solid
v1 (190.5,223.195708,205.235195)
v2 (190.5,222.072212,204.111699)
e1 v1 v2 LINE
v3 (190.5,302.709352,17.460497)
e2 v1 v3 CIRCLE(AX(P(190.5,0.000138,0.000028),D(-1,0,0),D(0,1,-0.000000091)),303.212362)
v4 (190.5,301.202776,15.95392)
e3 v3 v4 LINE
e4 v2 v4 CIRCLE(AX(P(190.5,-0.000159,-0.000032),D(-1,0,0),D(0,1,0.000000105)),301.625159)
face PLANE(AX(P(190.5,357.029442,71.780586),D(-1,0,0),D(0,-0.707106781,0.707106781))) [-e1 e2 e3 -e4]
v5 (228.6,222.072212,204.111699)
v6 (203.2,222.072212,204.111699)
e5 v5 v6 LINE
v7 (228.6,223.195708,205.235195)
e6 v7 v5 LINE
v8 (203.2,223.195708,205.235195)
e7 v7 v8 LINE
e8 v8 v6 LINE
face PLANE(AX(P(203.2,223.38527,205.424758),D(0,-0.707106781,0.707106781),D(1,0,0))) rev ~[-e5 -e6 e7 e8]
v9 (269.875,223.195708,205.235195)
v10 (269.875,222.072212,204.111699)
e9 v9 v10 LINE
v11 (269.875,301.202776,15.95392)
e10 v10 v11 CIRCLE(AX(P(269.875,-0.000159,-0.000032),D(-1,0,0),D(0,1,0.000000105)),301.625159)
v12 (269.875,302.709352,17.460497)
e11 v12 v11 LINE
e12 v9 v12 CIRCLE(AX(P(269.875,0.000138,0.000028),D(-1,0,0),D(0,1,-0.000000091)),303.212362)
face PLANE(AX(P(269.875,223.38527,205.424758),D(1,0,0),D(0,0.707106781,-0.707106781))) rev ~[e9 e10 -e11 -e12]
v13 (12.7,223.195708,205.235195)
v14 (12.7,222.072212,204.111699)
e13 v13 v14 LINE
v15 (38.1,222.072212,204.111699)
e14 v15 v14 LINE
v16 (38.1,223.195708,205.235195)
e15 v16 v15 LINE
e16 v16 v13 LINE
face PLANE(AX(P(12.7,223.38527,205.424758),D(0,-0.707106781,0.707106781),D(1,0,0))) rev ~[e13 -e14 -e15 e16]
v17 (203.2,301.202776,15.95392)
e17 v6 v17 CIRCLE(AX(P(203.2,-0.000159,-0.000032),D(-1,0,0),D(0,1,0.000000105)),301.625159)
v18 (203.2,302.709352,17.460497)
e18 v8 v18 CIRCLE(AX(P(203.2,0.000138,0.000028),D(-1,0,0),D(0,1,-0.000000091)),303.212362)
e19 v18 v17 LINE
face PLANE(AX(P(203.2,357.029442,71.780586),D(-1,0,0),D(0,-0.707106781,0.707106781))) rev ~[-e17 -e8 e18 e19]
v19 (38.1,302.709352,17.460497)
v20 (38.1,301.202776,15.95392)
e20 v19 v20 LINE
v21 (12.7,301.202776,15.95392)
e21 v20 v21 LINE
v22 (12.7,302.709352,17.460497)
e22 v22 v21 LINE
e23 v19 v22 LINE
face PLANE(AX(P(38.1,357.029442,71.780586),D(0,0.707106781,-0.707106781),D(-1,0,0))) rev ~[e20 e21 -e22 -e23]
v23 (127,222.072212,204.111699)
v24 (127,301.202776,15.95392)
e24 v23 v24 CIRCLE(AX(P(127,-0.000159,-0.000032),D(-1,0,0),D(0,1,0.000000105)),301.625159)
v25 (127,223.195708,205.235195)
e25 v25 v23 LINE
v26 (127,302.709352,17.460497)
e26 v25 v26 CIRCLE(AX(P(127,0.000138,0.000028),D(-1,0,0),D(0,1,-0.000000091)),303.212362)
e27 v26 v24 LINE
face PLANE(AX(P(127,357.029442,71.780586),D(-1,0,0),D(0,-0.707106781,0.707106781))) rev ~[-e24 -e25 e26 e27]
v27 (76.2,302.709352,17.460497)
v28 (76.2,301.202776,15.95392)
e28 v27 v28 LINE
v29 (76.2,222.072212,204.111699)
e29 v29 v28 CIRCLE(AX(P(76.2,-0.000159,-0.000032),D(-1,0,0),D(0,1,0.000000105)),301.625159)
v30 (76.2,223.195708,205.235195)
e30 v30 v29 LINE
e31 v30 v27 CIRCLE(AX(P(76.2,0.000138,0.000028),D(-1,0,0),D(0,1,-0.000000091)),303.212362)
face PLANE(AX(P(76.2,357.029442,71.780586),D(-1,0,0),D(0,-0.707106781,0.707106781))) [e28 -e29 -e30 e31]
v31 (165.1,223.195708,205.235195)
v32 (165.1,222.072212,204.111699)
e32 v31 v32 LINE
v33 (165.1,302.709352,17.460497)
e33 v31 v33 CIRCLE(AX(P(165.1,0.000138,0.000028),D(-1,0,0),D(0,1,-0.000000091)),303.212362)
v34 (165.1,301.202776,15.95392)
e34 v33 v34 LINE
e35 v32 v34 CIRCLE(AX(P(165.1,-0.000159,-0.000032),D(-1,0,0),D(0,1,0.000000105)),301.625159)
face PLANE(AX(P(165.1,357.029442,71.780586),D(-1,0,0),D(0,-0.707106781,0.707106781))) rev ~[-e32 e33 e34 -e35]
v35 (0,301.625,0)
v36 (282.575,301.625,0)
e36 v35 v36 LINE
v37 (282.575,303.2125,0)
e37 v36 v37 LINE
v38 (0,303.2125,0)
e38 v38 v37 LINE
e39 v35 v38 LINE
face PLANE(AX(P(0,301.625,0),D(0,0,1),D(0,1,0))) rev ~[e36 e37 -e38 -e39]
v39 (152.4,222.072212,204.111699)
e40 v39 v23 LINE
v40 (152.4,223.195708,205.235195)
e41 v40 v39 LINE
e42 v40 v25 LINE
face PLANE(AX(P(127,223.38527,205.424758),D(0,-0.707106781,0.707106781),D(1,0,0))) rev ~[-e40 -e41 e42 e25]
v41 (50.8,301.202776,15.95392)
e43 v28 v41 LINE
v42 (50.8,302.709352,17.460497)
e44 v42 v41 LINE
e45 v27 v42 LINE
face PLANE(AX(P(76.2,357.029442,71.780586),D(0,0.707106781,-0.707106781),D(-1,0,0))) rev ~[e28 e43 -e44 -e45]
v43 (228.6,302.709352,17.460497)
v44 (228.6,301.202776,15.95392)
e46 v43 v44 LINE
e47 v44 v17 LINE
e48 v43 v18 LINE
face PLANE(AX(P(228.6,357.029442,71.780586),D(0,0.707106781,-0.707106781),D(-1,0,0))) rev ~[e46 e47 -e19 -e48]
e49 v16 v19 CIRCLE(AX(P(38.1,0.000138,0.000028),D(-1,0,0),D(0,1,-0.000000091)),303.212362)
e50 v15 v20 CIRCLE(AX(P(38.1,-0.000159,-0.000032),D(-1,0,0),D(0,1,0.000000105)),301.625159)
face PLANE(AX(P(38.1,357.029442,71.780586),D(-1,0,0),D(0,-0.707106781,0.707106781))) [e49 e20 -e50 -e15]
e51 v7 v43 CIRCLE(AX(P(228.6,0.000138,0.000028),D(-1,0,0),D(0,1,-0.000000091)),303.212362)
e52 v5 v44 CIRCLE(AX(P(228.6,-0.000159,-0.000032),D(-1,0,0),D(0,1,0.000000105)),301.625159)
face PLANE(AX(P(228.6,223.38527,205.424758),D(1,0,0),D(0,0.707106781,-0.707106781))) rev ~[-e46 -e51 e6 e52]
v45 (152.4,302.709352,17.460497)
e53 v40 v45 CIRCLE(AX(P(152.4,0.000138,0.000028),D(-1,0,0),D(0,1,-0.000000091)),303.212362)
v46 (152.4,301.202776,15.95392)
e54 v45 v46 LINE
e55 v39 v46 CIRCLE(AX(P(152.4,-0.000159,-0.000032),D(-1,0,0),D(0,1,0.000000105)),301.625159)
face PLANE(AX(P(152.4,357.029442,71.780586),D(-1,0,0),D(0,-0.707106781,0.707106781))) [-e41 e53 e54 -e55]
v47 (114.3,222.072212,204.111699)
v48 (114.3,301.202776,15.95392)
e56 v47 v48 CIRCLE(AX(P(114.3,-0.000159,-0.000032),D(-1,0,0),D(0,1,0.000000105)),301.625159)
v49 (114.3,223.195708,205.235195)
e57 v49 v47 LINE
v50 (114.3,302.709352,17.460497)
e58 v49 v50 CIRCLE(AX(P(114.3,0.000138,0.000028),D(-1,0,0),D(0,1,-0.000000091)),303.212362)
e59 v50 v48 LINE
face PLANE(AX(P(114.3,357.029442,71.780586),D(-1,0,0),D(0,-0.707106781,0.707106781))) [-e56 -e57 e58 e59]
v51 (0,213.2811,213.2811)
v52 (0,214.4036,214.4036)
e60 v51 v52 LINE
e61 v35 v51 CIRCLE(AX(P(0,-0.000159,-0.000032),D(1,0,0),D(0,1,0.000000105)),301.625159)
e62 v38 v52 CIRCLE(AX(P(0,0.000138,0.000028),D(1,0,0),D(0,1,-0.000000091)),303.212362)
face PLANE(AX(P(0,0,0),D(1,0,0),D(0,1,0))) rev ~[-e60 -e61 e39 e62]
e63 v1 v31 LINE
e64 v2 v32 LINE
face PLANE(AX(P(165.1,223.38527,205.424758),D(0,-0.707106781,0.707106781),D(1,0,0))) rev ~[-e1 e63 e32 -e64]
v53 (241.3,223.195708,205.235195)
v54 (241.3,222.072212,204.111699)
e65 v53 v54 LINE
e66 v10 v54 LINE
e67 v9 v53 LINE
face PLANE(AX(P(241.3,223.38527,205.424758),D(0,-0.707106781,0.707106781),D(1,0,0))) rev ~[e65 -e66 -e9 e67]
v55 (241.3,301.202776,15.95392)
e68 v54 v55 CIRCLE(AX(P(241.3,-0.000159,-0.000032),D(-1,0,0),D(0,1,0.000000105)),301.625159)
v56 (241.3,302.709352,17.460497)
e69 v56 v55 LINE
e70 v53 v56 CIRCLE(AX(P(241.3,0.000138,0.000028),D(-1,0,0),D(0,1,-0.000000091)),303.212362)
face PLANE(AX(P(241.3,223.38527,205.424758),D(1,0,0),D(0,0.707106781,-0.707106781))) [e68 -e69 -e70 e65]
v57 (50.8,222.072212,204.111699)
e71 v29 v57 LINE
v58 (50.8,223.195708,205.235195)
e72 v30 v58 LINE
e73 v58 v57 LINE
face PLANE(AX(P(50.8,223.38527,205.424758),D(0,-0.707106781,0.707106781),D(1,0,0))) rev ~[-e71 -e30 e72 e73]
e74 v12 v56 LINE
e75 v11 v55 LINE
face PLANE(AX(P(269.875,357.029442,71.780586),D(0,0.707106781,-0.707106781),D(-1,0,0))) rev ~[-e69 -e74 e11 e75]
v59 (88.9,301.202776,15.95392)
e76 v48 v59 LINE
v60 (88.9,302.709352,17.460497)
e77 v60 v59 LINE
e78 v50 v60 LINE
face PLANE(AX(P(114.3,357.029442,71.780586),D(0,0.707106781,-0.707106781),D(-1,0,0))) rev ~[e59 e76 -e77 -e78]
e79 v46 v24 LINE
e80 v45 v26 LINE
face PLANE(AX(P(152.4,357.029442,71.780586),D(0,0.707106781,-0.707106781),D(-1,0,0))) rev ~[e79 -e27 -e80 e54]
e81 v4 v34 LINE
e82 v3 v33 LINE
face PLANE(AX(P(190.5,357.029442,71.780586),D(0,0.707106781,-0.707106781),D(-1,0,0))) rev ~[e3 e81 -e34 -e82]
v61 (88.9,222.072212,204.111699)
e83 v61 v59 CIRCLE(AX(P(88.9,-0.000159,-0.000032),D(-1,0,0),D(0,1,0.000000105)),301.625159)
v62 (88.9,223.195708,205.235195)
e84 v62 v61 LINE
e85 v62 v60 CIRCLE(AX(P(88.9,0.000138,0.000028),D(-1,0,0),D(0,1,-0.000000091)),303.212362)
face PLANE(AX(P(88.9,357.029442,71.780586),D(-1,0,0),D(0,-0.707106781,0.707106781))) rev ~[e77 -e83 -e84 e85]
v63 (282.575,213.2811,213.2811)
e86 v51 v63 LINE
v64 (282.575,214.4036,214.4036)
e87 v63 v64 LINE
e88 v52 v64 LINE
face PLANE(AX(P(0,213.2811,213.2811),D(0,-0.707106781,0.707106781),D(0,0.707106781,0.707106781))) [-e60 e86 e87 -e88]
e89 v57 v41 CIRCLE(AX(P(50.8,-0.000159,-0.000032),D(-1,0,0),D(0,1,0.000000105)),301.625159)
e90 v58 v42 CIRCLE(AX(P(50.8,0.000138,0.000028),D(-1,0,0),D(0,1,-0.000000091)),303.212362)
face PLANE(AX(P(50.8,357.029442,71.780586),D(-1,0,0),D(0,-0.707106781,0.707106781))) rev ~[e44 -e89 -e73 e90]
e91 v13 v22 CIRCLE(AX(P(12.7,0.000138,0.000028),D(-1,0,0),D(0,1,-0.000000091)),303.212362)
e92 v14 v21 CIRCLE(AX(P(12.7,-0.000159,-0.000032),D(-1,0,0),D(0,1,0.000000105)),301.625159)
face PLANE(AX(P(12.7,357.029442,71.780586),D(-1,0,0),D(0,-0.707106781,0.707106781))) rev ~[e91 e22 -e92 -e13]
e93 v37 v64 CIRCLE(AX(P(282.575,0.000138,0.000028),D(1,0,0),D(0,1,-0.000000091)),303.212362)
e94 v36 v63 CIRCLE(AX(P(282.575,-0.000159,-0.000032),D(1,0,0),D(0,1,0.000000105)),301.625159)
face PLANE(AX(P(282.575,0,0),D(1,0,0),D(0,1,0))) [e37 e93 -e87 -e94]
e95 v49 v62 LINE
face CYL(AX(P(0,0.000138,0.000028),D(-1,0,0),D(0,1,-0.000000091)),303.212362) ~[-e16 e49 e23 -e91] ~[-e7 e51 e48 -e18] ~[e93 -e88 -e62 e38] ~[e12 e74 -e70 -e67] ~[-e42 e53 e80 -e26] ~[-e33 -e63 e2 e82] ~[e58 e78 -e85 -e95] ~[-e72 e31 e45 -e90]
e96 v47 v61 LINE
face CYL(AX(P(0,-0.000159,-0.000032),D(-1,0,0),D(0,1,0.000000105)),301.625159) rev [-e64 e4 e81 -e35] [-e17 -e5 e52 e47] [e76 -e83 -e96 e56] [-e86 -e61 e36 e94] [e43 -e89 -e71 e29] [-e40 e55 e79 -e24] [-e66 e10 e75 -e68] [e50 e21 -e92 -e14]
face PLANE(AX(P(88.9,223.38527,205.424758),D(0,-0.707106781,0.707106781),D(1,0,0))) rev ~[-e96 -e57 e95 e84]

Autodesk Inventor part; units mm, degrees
ref_plane "YZ Plane" through (0, 0, 0) normal (1, 0, 0) x (0, 1, 0)
ref_plane "XZ Plane" through (0, 0, 0) normal (0, 1, 0) x (-1, 0, 0)
ref_plane "XY Plane" through (0, 0, 0) normal (0, 0, 1) x (1, 0, 0)
sketch "Sketch1" plane through (0, 0, 0) normal (1, 0, 0) x (0, 1, 0)
  arc A0 (301.625, 0) -> (213.2811, 213.2811) centre (0, 0) ccw
  arc A1 (303.2125, 0) -> (214.4036, 214.4036) centre (0, 0) ccw
  line L0 (0, 0) -> (471.039, 0)
  line L1 (0, 0) -> (335.2588, 335.2588)
  dimension "d0" = 603.25
  dimension "d1" = 1.5875
  dimension "d2" = 45
extrude "Extrusion1" add sketch "Sketch1" along normal blind 282.575 contours A0 L1 A1 L0
ref_plane "Work Plane2" through (0, 214.4036, 214.4036) normal (0, 0.7071, 0.7071) x (1, 0, 0)
ref_plane "Work Plane1" through (282.3966, 77.4773, 86.4575) normal (0, 0.7071, -0.7071) x (1, 0, 0)
sketch "Sketch2" plane through (0, 214.4036, 214.4036) normal (0, 0.7071, 0.7071) x (1, 0, 0)
  line L0 (0, 0) -> (0, 214.4014)
  line L1 (0, 214.4014) -> (282.575, 214.4014)
  line L2 (282.575, 214.4014) -> (282.575, 0)
  line L3 (282.575, 0) -> (0, 0)
  line L4 (269.875, 12.7) -> (269.875, 201.7014)
  line L5 (12.7, 201.7014) -> (12.7, 12.7)
  line L6 (38.1, 201.7014) -> (38.1, 12.7)
  line L7 (50.8, 201.7014) -> (50.8, 12.7)
  line L8 (76.2, 201.7014) -> (76.2, 12.7)
  line L9 (88.9, 201.7014) -> (88.9, 12.7)
  line L10 (114.3, 201.7014) -> (114.3, 12.7)
  line L11 (127, 201.7014) -> (127, 12.7)
  line L12 (152.4, 201.7014) -> (152.4, 12.7)
  line L13 (190.5, 201.7014) -> (190.5, 12.7)
  line L14 (165.1, 201.7014) -> (165.1, 12.7)
  line L15 (203.2, 201.7014) -> (203.2, 12.7)
  line L16 (228.6, 12.7) -> (228.6, 201.7014)
  line L17 (241.3, 12.7) -> (241.3, 201.7014)
  line L18 (38.1, 201.7014) -> (12.7, 201.7014)
  line L19 (76.2, 201.7014) -> (50.8, 201.7014)
  line L20 (114.3, 201.7014) -> (88.9, 201.7014)
  line L21 (152.4, 201.7014) -> (127, 201.7014)
  line L22 (190.5, 201.7014) -> (165.1, 201.7014)
  line L23 (269.875, 201.7014) -> (241.3, 201.7014)
  line L24 (228.6, 201.7014) -> (203.2, 201.7014)
  line L25 (241.3, 12.7) -> (269.875, 12.7)
  line L26 (203.2, 12.7) -> (228.6, 12.7)
  line L27 (165.1, 12.7) -> (190.5, 12.7)
  line L28 (127, 12.7) -> (152.4, 12.7)
  line L29 (88.9, 12.7) -> (114.3, 12.7)
  line L30 (12.7, 12.7) -> (38.1, 12.7)
  line L31 (50.8, 12.7) -> (76.2, 12.7)
  dimension "d6" = 214.4014
  dimension "d7" = 282.575
  dimension "d8" = 12.7
  dimension "d9" = 25.4
  dimension "d10" = 12.7
  dimension "d11" = 25.4
  dimension "d12" = 12.7
  dimension "d13" = 25.4
  dimension "d14" = 12.7
  dimension "d15" = 25.4
  dimension "d16" = 12.7
  dimension "d17" = 25.4
  dimension "d18" = 12.7
  dimension "d19" = 25.4
  dimension "d20" = 12.7
extrude "Extrusion2" cut sketch "Sketch2" against normal blind 4826000 contours L25 L17 L23 L4 | L18 L6 L30 L5 | L19 L8 L31 L7 | L20 L10 L29 L9 | L21 L12 L28 L11 | L13 L27 L14 L22 | L24 L16 L26 L15
properties part number "Back" material "Polycarbonate, Clear"
